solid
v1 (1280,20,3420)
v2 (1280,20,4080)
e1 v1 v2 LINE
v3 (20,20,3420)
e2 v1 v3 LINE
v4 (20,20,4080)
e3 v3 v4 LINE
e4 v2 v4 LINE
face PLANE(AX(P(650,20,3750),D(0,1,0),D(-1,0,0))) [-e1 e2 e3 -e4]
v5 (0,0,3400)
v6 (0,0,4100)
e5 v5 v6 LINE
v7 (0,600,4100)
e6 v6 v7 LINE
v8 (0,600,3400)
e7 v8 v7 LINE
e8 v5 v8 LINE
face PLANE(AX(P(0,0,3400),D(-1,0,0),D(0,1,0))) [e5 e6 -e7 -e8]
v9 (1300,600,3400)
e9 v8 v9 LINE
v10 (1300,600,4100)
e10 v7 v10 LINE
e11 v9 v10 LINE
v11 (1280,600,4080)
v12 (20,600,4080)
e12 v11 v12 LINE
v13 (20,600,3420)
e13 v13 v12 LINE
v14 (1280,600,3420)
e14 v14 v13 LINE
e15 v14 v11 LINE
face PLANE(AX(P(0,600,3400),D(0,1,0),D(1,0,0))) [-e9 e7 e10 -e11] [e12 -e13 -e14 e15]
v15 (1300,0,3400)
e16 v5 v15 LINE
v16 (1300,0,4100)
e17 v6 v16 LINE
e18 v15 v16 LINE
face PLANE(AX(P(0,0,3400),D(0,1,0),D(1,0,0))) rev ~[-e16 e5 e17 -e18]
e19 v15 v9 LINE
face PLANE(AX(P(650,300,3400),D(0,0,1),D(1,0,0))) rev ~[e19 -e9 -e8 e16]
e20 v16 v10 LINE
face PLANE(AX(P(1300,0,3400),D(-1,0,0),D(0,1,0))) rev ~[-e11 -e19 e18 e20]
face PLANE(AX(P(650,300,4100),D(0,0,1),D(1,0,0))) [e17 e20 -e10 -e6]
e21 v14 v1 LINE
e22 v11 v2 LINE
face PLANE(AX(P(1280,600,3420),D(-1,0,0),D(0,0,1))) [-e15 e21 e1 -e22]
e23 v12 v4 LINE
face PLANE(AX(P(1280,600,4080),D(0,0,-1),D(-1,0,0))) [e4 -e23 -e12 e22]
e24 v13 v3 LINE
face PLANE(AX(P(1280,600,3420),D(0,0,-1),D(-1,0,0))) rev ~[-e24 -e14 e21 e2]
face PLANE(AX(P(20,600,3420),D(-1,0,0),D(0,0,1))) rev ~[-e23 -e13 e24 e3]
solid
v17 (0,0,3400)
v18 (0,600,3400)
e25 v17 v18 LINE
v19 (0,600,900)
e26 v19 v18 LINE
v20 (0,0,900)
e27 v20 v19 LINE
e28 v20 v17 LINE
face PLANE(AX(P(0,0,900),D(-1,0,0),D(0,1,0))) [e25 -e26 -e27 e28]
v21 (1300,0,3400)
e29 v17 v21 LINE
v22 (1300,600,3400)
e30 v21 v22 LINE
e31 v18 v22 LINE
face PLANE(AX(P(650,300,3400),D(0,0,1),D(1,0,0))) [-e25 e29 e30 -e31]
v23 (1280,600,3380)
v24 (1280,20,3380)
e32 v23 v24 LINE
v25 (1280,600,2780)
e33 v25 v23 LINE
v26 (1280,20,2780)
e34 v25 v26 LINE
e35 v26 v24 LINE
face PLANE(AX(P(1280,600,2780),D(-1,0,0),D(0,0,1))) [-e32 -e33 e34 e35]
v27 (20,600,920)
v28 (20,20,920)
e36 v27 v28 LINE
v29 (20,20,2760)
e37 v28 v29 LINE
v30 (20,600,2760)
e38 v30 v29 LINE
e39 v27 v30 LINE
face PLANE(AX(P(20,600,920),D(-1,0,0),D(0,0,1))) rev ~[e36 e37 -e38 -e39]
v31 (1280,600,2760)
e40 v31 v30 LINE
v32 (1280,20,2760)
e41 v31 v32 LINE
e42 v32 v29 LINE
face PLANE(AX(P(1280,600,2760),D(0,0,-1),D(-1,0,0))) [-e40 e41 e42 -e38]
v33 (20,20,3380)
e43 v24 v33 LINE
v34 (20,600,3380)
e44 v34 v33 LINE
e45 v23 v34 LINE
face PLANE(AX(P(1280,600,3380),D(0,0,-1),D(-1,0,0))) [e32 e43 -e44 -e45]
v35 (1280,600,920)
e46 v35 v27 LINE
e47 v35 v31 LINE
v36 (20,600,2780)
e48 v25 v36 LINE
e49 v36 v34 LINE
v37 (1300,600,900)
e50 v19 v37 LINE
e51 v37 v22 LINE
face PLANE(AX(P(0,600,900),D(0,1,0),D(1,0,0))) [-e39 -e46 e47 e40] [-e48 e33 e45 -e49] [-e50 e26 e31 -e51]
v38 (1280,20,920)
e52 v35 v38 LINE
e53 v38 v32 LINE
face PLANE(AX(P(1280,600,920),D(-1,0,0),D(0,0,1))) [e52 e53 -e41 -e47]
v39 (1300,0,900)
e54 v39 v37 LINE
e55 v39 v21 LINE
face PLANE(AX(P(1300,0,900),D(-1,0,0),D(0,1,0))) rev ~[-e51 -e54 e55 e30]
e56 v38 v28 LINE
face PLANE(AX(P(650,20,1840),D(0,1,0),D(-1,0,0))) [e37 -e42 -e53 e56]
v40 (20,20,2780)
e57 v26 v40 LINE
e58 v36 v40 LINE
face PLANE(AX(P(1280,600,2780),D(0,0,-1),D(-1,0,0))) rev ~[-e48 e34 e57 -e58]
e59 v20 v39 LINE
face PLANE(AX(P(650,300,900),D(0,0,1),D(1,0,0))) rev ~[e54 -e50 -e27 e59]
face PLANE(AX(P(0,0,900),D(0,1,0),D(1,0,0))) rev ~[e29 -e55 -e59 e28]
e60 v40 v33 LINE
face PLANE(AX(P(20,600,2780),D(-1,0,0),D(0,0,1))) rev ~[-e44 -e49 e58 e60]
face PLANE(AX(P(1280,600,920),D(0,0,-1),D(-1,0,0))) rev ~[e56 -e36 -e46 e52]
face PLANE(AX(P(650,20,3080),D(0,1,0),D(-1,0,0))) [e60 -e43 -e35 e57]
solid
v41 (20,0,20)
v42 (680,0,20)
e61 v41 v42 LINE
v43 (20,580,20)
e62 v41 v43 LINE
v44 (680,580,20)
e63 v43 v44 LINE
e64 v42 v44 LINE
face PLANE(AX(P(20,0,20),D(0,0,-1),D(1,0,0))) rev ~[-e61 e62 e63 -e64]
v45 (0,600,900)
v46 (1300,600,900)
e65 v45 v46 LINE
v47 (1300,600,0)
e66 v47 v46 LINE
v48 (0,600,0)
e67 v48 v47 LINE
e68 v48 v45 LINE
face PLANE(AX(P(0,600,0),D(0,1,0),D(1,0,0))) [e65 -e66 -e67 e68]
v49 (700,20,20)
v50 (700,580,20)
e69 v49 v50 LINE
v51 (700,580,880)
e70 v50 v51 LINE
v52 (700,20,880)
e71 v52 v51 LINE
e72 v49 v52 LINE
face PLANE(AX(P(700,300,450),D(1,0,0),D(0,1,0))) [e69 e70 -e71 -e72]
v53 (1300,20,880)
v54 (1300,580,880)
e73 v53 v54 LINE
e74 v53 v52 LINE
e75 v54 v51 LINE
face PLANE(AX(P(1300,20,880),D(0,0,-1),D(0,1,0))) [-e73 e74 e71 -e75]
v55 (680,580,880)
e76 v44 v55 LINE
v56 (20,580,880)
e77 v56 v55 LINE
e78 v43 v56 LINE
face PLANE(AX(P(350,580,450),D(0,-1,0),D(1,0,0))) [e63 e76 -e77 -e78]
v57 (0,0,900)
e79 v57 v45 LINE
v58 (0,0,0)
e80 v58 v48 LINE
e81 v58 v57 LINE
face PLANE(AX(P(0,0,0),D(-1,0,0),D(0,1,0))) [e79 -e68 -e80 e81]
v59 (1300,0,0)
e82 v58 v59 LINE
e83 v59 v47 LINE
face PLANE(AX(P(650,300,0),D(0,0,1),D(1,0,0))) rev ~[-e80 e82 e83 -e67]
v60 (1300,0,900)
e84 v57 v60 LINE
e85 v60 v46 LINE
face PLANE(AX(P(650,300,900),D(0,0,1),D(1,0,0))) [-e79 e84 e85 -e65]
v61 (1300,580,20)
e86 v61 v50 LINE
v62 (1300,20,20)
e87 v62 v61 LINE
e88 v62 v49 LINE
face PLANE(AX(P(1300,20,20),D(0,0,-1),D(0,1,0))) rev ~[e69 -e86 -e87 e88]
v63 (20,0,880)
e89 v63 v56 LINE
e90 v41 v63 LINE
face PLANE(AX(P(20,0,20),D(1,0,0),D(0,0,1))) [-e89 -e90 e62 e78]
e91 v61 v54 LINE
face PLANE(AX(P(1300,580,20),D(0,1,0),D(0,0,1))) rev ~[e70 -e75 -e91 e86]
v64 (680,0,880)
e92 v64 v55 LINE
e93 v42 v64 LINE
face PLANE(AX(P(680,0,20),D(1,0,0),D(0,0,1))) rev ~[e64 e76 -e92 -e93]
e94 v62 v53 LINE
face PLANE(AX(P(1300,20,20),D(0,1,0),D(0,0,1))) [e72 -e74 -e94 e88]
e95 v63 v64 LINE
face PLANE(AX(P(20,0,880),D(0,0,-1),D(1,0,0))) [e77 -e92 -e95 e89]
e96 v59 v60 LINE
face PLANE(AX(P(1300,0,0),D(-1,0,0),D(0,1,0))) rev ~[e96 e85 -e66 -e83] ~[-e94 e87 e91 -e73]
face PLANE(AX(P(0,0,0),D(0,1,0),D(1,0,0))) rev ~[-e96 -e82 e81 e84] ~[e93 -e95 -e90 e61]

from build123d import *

# Parameters (mm, degrees)
F0_W      = 1300
F0_H      = 600
F1_DEPTH  = 900
F2_W      = 560
F2_H      = 860
F3_DEPTH  = 600
F4_W      = 660
F4_H      = 860
F5_DEPTH  = 580
F6_DEPTH  = 2500
F7_W      = 1260
F7_H      = 600
F8_DEPTH  = 580
F9_W      = 1260
F9_H      = 1840
F10_DEPTH = 580
F11_W     = 1300
F11_H     = 600
F12_DEPTH = 700
F13_W     = 1260
F13_H     = 660
F14_DEPTH = 580


with BuildPart() as f1:
    # F0 (on Top) → F1 (new body)
    with BuildSketch(Plane.XY):
        with Locations((650, 300)):
            Rectangle(F0_W, F0_H)
    extrude(amount=F1_DEPTH)

    # F2 (on face) → F3 (cut)
    with BuildSketch(Plane.YZ.offset(1300)):
        with Locations((300, 450)):
            Rectangle(F2_W, F2_H)
    extrude(amount=-F3_DEPTH, mode=Mode.SUBTRACT)

    # F4 (on face) → F5 (cut)
    with BuildSketch(Plane.XZ):
        with Locations((350, 450)):
            Rectangle(F4_W, F4_H)
    extrude(amount=-F5_DEPTH, mode=Mode.SUBTRACT)


with BuildPart() as f6:
    # F6 (new): a face of the model
    f6_faces = [f1.part.faces().sort_by_distance(p)[0] for p in [
        (650, 300, 900),
    ]]
    extrude(f6_faces, amount=F6_DEPTH)

    # F7 (on face) → F8 (cut)
    with BuildSketch(Plane(origin=(0, 600, 0), x_dir=(-1, 0, 0), z_dir=(0, 1, 0))):
        with Locations((-650, 3080)):
            Rectangle(F7_W, F7_H)
    extrude(amount=-F8_DEPTH, mode=Mode.SUBTRACT)

    # F9 (on face) → F10 (cut)
    with BuildSketch(Plane(origin=(0, 600, 0), x_dir=(-1, 0, 0), z_dir=(0, 1, 0))):
        with Locations((-650, 1840)):
            Rectangle(F9_W, F9_H)
    extrude(amount=-F10_DEPTH, mode=Mode.SUBTRACT)


with BuildPart() as f12:
    # F11 (on face) → F12 (new body)
    with BuildSketch(Plane.XY.offset(3400)):
        with Locations((650, 300)):
            Rectangle(F11_W, F11_H)
    extrude(amount=F12_DEPTH)

    # F13 (on face) → F14 (cut)
    with BuildSketch(Plane(origin=(0, 600, 0), x_dir=(-1, 0, 0), z_dir=(0, 1, 0))):
        with Locations((-650, 3750)):
            Rectangle(F13_W, F13_H)
    extrude(amount=-F14_DEPTH, mode=Mode.SUBTRACT)


solid = Compound([f1.part, f6.part, f12.part])
